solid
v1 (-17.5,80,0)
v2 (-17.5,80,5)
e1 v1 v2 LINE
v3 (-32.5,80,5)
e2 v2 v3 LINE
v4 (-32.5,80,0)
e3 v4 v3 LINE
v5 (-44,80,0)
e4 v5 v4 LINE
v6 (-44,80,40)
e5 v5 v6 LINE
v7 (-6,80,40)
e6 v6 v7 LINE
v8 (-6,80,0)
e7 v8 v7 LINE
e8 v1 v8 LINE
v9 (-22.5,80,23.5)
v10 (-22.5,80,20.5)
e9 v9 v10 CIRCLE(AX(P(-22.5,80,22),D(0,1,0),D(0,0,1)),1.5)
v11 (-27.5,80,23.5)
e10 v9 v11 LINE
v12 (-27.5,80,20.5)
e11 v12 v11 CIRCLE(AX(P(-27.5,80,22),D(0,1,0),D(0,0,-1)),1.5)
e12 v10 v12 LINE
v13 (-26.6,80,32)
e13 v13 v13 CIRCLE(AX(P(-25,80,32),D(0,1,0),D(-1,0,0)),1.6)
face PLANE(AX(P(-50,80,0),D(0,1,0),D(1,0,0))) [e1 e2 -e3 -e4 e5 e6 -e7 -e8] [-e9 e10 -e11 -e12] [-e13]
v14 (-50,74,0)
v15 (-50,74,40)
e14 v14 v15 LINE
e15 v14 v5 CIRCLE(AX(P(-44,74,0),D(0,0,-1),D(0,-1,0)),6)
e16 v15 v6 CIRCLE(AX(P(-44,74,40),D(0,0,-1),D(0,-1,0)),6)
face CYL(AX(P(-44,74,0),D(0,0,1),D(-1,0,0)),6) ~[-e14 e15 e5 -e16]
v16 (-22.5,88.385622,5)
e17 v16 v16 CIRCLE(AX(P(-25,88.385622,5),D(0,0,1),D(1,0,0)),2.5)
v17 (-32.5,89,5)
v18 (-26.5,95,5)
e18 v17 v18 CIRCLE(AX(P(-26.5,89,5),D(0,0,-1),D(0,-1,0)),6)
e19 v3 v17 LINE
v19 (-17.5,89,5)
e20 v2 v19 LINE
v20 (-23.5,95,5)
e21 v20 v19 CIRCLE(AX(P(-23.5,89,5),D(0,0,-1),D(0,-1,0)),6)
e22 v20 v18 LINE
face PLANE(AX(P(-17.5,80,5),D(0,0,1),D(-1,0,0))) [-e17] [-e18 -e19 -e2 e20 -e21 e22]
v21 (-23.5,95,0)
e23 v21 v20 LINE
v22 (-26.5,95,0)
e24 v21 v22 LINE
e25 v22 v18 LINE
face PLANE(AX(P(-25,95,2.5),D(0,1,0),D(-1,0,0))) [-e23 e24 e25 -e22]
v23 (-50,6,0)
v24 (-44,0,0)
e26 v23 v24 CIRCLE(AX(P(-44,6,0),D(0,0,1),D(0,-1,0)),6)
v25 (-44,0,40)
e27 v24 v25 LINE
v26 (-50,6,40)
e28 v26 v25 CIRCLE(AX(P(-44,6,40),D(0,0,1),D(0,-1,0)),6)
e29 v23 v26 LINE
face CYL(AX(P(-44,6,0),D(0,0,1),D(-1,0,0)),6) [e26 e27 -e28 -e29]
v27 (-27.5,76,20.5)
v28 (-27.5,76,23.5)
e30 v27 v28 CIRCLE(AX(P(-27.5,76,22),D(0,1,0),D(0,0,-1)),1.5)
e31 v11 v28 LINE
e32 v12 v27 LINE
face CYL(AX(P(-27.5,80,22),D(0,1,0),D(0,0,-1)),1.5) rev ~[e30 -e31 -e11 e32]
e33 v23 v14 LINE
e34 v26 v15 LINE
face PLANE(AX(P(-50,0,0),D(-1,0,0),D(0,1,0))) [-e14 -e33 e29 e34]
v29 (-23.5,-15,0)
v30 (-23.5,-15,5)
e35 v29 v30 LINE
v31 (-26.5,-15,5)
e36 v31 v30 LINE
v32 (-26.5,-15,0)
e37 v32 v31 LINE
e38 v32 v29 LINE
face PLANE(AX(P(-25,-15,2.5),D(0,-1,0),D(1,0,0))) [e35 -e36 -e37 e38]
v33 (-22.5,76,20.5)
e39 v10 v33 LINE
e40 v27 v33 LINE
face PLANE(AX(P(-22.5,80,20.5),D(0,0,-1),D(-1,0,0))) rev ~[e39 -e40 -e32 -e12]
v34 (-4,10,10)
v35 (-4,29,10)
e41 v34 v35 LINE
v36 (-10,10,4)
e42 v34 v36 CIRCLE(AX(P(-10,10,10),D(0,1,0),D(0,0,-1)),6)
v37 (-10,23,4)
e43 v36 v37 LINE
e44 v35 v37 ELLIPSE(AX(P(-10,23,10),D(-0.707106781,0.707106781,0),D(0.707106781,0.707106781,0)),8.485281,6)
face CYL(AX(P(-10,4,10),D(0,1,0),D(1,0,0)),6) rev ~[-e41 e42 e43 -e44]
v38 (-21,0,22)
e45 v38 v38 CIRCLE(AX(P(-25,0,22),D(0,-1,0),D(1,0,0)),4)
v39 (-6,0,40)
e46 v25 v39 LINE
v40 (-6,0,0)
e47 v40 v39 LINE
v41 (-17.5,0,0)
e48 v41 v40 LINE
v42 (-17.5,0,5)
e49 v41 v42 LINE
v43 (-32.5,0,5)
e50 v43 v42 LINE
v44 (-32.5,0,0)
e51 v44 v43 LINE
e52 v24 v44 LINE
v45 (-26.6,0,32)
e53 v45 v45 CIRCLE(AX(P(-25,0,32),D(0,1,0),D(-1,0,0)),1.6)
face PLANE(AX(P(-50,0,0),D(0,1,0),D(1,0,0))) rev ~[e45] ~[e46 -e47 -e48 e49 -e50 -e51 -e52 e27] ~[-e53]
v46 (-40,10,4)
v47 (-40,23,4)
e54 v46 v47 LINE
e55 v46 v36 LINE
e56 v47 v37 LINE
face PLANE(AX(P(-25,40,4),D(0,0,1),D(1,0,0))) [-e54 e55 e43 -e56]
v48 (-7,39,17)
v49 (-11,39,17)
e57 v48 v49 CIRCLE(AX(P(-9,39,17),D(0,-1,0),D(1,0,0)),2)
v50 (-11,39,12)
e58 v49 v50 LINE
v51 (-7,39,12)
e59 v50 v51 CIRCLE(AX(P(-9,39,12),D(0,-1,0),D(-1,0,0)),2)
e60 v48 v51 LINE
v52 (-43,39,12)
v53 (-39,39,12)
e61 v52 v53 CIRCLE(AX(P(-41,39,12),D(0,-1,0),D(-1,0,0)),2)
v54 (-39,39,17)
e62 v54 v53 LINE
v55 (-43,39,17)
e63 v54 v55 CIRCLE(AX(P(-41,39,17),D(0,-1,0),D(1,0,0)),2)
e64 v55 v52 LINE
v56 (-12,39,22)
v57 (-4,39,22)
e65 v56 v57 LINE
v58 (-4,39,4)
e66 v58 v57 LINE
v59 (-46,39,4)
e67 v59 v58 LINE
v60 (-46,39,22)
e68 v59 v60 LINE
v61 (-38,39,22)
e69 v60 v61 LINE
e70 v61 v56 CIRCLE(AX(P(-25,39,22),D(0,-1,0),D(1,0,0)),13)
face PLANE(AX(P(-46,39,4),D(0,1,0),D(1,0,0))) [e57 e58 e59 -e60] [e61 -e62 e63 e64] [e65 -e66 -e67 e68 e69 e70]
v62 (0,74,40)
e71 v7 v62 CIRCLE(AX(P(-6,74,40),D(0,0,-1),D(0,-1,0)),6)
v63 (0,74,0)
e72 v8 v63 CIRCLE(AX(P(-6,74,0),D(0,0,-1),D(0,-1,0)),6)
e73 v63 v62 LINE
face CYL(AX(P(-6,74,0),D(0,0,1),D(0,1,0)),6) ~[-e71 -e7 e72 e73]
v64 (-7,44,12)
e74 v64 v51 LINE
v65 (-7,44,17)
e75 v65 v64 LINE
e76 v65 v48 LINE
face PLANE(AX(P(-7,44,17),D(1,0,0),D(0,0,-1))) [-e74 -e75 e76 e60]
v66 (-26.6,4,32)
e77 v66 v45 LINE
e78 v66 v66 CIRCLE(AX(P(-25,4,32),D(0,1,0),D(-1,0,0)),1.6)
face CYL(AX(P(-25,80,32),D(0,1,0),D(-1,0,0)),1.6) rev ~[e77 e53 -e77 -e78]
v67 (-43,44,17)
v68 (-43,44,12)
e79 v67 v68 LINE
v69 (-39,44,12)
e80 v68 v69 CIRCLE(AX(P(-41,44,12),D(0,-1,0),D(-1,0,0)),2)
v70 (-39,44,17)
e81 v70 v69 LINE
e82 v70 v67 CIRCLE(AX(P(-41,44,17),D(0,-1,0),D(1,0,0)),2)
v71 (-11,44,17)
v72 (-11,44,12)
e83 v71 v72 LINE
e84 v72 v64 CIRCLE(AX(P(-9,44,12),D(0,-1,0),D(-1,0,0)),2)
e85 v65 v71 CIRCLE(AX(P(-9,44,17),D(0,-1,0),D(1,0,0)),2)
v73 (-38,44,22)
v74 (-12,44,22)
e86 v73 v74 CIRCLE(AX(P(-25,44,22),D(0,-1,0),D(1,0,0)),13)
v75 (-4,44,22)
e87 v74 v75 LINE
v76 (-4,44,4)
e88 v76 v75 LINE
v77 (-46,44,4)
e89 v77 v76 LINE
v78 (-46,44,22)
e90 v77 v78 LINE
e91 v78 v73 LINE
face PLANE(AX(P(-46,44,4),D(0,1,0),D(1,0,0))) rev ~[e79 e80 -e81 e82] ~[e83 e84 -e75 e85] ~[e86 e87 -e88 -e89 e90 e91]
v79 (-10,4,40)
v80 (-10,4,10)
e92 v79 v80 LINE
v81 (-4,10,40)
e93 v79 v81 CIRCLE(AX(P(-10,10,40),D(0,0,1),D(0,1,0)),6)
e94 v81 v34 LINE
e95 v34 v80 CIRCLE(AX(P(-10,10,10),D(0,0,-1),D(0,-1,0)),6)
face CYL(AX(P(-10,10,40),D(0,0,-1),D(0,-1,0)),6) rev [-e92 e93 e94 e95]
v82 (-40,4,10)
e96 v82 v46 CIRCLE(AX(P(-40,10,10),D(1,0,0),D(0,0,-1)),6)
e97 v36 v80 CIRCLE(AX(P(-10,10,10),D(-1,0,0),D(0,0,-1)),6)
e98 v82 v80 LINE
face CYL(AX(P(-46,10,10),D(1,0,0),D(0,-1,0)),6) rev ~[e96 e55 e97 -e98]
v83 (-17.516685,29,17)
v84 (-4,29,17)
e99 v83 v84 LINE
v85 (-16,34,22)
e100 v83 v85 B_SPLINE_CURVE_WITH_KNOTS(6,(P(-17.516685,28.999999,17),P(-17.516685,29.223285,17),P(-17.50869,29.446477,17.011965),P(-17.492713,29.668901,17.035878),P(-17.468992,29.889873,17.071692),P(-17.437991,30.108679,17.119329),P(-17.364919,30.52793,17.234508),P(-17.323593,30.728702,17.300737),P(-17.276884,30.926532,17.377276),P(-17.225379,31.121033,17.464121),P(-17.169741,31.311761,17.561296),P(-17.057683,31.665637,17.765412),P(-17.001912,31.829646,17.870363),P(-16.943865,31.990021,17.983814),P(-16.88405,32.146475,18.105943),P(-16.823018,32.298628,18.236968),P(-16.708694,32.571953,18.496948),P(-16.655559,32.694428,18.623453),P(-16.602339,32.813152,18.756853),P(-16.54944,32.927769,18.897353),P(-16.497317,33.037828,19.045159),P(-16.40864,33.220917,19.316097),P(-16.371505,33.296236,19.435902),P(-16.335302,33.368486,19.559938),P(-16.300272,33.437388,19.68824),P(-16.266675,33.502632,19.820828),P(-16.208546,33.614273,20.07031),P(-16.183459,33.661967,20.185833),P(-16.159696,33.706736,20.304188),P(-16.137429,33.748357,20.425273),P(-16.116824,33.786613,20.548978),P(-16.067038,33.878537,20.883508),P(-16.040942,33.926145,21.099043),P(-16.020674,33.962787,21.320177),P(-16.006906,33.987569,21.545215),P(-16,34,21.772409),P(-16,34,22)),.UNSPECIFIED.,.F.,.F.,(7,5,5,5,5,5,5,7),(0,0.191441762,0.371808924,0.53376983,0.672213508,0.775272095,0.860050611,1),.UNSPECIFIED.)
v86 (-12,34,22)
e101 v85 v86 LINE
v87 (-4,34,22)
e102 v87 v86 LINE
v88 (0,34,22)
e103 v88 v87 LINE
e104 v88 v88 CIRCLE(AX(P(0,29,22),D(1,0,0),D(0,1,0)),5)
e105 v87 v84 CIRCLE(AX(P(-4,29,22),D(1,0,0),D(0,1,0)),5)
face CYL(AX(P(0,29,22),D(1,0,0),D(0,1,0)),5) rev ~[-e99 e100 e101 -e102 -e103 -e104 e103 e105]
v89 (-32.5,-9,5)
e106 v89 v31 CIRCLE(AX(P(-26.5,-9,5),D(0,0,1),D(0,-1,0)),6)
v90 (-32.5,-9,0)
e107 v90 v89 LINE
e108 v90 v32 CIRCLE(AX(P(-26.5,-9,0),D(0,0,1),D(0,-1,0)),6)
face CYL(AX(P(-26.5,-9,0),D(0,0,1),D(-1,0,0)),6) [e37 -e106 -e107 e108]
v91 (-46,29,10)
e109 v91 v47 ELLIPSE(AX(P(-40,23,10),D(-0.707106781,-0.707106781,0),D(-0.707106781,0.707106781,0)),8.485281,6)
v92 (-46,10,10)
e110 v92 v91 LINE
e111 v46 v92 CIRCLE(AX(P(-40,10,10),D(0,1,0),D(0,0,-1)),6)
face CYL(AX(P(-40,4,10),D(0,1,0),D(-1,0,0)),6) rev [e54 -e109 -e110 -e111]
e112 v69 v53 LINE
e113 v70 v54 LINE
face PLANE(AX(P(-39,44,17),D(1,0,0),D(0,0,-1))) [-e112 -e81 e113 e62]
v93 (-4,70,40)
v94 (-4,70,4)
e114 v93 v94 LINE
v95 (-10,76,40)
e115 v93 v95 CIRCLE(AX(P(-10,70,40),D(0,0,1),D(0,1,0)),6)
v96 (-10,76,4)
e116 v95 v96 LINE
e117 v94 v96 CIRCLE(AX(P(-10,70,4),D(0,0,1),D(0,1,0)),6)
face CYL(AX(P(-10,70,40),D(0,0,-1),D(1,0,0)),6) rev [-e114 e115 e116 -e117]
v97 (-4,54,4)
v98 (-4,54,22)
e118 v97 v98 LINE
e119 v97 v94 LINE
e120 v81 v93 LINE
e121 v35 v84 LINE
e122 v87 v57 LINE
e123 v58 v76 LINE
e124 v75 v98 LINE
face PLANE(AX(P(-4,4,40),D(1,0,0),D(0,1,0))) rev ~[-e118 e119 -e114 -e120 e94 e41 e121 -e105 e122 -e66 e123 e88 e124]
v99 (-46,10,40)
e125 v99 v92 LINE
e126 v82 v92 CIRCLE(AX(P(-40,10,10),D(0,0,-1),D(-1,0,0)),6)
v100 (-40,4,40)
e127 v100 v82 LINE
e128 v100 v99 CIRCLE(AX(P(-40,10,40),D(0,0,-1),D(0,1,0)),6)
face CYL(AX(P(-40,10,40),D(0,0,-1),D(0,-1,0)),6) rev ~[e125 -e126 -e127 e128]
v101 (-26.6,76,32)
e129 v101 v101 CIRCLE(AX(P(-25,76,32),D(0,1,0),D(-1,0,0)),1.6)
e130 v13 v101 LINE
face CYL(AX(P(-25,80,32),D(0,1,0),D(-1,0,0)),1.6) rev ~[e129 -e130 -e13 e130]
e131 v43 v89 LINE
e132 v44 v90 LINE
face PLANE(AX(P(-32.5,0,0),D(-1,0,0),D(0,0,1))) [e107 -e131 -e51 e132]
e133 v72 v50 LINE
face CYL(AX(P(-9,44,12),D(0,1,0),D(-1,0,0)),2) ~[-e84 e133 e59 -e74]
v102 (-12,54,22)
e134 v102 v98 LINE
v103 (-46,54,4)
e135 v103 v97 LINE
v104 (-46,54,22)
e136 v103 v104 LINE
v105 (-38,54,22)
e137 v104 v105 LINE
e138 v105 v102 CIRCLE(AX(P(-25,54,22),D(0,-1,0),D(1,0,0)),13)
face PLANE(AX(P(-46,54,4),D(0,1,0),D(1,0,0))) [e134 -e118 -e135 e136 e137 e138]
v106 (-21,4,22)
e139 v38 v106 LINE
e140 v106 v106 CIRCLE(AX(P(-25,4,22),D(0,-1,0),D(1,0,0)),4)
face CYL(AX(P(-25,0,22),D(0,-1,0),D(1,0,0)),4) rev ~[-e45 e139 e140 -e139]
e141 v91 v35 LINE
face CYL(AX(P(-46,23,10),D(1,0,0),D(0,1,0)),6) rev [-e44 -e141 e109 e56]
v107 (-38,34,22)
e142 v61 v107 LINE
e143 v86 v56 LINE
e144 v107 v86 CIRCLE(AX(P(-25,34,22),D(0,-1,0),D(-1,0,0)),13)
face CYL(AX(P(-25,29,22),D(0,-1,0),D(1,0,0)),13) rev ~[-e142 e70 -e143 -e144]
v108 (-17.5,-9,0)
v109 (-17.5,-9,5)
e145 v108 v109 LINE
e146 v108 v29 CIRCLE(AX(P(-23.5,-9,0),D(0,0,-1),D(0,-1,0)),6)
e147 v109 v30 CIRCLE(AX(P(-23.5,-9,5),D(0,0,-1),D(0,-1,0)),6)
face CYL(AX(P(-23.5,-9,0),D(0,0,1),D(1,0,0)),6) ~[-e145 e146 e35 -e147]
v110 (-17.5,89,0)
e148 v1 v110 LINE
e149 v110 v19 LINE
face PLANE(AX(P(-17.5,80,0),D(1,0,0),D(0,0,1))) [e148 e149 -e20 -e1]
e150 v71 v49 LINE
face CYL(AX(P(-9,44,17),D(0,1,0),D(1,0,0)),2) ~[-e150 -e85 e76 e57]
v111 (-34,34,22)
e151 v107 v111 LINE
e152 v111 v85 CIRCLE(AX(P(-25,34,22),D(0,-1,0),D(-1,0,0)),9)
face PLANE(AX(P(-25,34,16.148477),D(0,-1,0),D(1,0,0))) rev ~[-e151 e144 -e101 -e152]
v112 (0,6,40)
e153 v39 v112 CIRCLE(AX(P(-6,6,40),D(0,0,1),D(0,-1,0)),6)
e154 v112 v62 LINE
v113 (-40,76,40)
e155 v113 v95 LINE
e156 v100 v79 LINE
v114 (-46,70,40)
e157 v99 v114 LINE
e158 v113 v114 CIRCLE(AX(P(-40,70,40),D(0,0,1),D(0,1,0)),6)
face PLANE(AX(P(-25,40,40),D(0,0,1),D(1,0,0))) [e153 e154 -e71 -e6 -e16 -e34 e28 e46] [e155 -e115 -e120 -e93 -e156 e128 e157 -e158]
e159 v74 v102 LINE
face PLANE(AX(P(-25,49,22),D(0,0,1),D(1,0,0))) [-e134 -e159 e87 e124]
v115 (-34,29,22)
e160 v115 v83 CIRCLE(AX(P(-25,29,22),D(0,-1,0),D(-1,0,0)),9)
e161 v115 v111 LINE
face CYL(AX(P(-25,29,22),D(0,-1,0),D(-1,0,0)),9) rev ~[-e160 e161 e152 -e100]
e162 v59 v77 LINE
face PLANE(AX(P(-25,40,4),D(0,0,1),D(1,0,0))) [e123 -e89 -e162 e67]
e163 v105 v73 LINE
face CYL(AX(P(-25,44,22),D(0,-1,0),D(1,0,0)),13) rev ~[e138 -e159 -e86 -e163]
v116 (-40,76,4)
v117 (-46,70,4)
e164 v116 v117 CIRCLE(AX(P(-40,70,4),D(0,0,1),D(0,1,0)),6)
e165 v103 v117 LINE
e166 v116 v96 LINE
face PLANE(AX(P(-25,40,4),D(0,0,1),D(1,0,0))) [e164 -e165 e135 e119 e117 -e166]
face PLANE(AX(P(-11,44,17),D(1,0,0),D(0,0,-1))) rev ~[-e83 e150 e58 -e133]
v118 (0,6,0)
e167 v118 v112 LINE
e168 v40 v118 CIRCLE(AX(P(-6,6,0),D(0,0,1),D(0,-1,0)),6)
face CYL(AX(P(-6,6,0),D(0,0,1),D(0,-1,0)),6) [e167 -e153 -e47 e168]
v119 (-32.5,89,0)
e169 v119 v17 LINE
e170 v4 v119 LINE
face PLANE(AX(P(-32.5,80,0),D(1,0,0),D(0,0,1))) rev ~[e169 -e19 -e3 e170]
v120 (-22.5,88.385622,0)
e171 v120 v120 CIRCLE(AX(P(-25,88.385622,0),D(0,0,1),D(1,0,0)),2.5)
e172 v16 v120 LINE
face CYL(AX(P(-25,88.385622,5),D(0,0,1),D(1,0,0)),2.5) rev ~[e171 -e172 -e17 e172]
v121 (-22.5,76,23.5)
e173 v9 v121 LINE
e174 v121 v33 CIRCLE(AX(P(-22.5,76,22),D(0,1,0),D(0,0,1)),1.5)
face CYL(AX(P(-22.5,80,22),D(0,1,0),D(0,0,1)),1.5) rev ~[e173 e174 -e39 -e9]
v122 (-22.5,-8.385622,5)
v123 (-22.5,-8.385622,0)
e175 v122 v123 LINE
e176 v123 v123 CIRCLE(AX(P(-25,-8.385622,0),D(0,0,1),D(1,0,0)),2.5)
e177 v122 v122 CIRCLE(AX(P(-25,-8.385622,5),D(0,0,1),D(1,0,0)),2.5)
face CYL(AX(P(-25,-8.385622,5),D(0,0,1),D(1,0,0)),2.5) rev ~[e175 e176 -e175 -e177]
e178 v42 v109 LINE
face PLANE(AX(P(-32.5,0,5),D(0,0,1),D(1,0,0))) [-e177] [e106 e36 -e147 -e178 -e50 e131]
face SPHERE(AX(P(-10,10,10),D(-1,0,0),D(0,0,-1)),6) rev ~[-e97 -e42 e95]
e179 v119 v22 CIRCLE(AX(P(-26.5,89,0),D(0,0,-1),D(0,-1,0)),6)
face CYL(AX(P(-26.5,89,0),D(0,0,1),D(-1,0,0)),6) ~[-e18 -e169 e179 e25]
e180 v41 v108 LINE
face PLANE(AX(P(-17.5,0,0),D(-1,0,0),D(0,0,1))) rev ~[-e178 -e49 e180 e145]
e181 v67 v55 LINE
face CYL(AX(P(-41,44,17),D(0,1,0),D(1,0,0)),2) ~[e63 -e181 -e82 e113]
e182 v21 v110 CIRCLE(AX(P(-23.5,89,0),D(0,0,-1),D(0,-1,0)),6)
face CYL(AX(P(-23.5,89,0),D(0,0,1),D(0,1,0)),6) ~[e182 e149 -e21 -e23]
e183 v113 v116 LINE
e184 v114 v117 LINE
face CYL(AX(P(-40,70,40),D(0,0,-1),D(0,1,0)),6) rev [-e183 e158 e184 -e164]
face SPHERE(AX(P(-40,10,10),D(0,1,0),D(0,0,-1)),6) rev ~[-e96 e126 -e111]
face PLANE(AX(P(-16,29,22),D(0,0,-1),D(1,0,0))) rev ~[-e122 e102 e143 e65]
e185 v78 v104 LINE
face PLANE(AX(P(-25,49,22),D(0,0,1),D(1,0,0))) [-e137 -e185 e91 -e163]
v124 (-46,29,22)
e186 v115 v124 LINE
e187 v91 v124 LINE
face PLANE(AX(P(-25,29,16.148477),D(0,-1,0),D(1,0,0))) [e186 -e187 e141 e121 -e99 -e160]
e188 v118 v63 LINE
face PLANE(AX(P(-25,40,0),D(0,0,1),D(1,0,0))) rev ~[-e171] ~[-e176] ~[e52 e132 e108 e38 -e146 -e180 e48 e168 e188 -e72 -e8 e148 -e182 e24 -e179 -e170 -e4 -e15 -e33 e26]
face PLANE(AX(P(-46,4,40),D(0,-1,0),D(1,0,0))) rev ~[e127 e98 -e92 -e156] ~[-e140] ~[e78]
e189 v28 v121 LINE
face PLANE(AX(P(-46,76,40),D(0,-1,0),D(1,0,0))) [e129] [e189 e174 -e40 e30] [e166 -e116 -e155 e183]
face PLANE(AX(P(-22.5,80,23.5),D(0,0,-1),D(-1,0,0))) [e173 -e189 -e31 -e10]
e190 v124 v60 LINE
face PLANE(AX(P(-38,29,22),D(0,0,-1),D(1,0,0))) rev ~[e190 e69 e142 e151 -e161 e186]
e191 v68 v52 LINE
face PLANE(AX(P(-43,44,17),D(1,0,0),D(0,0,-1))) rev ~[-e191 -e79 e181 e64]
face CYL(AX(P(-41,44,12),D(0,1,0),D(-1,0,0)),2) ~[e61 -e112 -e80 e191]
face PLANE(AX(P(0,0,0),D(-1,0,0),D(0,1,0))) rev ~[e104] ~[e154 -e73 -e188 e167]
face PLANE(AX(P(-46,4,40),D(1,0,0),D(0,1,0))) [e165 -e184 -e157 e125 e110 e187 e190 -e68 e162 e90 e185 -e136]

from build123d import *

# Parameters (mm, degrees)
SKETCH_W        = 50
SKETCH_H        = 80
PAD_DEPTH       = 40
SKETCH001_W     = 42
SKETCH001_H     = 72
POCKET_DEPTH    = 36
SKETCH002_W     = 42
SKETCH002_H     = 10
PAD001_DEPTH    = 18
SKETCH003_R     = 13
POCKET001_DEPTH = 30
SKETCH004_W     = 42
SKETCH004_H     = 10
PAD002_DEPTH    = 18
SKETCH005_R     = 13
POCKET002_DEPTH = 10
PAD003_DEPTH    = 5
PAD004_DEPTH    = 5
SKETCH008_R     = 5
POCKET003_DEPTH = 19
POCKET004_DEPTH = 5
SKETCH010_R     = 4
POCKET005_DEPTH = 5
SKETCH011_W     = 15
SKETCH011_H     = 5
PAD005_DEPTH    = 15
SKETCH012_W     = 15
SKETCH012_H     = 5
PAD006_DEPTH    = 15
SKETCH013_R     = 2.5
POCKET006_DEPTH = 5
FILLET_R        = 6
FILLET001_R     = 6
FILLET002_R     = 6
SKETCH014_R     = 1.6
POCKET007_DEPTH = 95.001


with BuildPart() as part:
    # Sketch → Pad (new body)
    with BuildSketch(Plane.XY):
        with Locations((-25, 40)):
            Rectangle(SKETCH_W, SKETCH_H)
    extrude(amount=PAD_DEPTH)

    # Sketch001 (on Face6 of Pad) → Pocket (cut)
    with BuildSketch(Plane.XY.offset(40)):
        with Locations((-25, 40)):
            Rectangle(SKETCH001_W, SKETCH001_H)
    extrude(amount=-POCKET_DEPTH, mode=Mode.SUBTRACT)

    # Sketch002 (on Face11 of Pocket) → Pad001 (join)
    with BuildSketch(Plane.XY.offset(4)):
        with Locations((-25, 34)):
            Rectangle(SKETCH002_W, SKETCH002_H)
    extrude(amount=PAD001_DEPTH)

    # Sketch003 (on Face13 of Pad001) → Pocket001 (cut)
    with BuildSketch(Plane.XZ.offset(-29)):
        with Locations((-25, 22)):
            Circle(SKETCH003_R)
    extrude(amount=-POCKET001_DEPTH, mode=Mode.SUBTRACT)

    # Sketch004 (on Face11 of Pocket001) → Pad002 (join)
    with BuildSketch(Plane.XY.offset(4)):
        with Locations((-25, 49)):
            Rectangle(SKETCH004_W, SKETCH004_H)
    extrude(amount=PAD002_DEPTH)

    # Sketch005 (on Face17 of Pad002) → Pocket002 (cut)
    with BuildSketch(Plane.XZ.offset(-44)):
        with Locations((-25, 22)):
            Circle(SKETCH005_R)
    extrude(amount=-POCKET002_DEPTH, mode=Mode.SUBTRACT)

    # Sketch006 (on Face17 of Pocket002) → Pad003 (join)
    with BuildSketch(Plane.XZ.offset(-44)):
        with BuildLine():
            ThreePointArc((-39, 17), (-41, 19), (-43, 17))
            Line((-43, 17), (-43, 12))
            ThreePointArc((-43, 12), (-41, 10), (-39, 12))
            Line((-39, 17), (-39, 12))
        make_face()
        with BuildLine():
            ThreePointArc((-7, 17), (-9, 19), (-11, 17))
            Line((-11, 17), (-11, 12))
            ThreePointArc((-11, 12), (-9, 10), (-7, 12))
            Line((-7, 17), (-7, 12))
        make_face()
    extrude(amount=PAD003_DEPTH)

    # Sketch007 (on Face13 of Pad003) → Pad004 (join)
    with BuildSketch(Plane.XZ.offset(-29)):
        with BuildLine():
            ThreePointArc((-38, 22), (-25, 9), (-12, 22))
            Line((-16, 22), (-12, 22))
            ThreePointArc((-34, 22), (-25, 13), (-16, 22))
            Line((-38, 22), (-34, 22))
        make_face()
    extrude(amount=-PAD004_DEPTH)

    # Sketch008 (on Face2 of Pad004) → Pocket003 (cut)
    with BuildSketch(Plane.YZ):
        with Locations((29, 22)):
            Circle(SKETCH008_R)
    extrude(amount=-POCKET003_DEPTH, mode=Mode.SUBTRACT)

    # Sketch009 (on Face6 of Pocket003) → Pocket004 (cut)
    with BuildSketch(Plane(origin=(0, 80, 0), x_dir=(-1, 0, 0), z_dir=(0, 1, 0))):
        with BuildLine():
            ThreePointArc((22.5, 23.5), (21, 22), (22.5, 20.5))
            Line((22.5, 20.5), (27.5, 20.5))
            ThreePointArc((27.5, 20.5), (29, 22), (27.5, 23.5))
            Line((22.5, 23.5), (27.5, 23.5))
        make_face()
    extrude(amount=-POCKET004_DEPTH, mode=Mode.SUBTRACT)

    # Sketch010 (on Face1 of Pocket004) → Pocket005 (cut)
    with BuildSketch(Plane.XZ):
        with Locations((-25, 22)):
            Circle(SKETCH010_R)
    extrude(amount=-POCKET005_DEPTH, mode=Mode.SUBTRACT)

    # Sketch011 (on Face7 of Pocket005) → Pad005 (join)
    with BuildSketch(Plane(origin=(0, 80, 0), x_dir=(-1, 0, 0), z_dir=(0, 1, 0))):
        with Locations((25, 2.5)):
            Rectangle(SKETCH011_W, SKETCH011_H)
    extrude(amount=PAD005_DEPTH)

    # Sketch012 (on Face1 of Pad005) → Pad006 (join)
    with BuildSketch(Plane.XZ):
        with Locations((-25, 2.5)):
            Rectangle(SKETCH012_W, SKETCH012_H)
    extrude(amount=PAD006_DEPTH)

    # Sketch013 (on Face20 of Pad006) → Pocket006 (cut)
    with BuildSketch(Plane.XY.offset(5)):
        with Locations((-25, 88.385622)):
            Circle(SKETCH013_R)
        with Locations((-25, -8.385622)):
            Circle(SKETCH013_R)
    extrude(amount=-POCKET006_DEPTH, mode=Mode.SUBTRACT)

    # Fillet
    fillet_edges = [part.edges().sort_by_distance(p)[0] for p in [
        (-32.5, -15, 2.5),
        (-17.5, -15, 2.5),
        (-32.5, 95, 2.5),
        (-17.5, 95, 2.5),
    ]]
    fillet(fillet_edges, radius=FILLET_R)

    # Fillet001
    fillet001_edges = [part.edges().sort_by_distance(p)[0] for p in [
        (-46, 16.5, 4),
        (-25, 4, 4),
        (-4, 16.5, 4),
        (-25, 29, 4),
        (-46, 4, 22),
        (-46, 76, 22),
        (-4, 76, 22),
        (-4, 4, 22),
    ]]
    fillet(fillet001_edges, radius=FILLET001_R)

    # Fillet002
    fillet002_edges = [part.edges().sort_by_distance(p)[0] for p in [
        (0, 0, 20),
        (-50, 0, 20),
        (-50, 80, 20),
        (0, 80, 20),
    ]]
    fillet(fillet002_edges, radius=FILLET002_R)

    # Sketch014 (on Face9 of Fillet002) → Pocket007 (cut, through all)
    with BuildSketch(Plane(origin=(0, 80, 0), x_dir=(-1, 0, 0), z_dir=(0, 1, 0))):
        with Locations((25, 32)):
            Circle(SKETCH014_R)
    extrude(amount=-POCKET007_DEPTH, mode=Mode.SUBTRACT)


solid = part.part
